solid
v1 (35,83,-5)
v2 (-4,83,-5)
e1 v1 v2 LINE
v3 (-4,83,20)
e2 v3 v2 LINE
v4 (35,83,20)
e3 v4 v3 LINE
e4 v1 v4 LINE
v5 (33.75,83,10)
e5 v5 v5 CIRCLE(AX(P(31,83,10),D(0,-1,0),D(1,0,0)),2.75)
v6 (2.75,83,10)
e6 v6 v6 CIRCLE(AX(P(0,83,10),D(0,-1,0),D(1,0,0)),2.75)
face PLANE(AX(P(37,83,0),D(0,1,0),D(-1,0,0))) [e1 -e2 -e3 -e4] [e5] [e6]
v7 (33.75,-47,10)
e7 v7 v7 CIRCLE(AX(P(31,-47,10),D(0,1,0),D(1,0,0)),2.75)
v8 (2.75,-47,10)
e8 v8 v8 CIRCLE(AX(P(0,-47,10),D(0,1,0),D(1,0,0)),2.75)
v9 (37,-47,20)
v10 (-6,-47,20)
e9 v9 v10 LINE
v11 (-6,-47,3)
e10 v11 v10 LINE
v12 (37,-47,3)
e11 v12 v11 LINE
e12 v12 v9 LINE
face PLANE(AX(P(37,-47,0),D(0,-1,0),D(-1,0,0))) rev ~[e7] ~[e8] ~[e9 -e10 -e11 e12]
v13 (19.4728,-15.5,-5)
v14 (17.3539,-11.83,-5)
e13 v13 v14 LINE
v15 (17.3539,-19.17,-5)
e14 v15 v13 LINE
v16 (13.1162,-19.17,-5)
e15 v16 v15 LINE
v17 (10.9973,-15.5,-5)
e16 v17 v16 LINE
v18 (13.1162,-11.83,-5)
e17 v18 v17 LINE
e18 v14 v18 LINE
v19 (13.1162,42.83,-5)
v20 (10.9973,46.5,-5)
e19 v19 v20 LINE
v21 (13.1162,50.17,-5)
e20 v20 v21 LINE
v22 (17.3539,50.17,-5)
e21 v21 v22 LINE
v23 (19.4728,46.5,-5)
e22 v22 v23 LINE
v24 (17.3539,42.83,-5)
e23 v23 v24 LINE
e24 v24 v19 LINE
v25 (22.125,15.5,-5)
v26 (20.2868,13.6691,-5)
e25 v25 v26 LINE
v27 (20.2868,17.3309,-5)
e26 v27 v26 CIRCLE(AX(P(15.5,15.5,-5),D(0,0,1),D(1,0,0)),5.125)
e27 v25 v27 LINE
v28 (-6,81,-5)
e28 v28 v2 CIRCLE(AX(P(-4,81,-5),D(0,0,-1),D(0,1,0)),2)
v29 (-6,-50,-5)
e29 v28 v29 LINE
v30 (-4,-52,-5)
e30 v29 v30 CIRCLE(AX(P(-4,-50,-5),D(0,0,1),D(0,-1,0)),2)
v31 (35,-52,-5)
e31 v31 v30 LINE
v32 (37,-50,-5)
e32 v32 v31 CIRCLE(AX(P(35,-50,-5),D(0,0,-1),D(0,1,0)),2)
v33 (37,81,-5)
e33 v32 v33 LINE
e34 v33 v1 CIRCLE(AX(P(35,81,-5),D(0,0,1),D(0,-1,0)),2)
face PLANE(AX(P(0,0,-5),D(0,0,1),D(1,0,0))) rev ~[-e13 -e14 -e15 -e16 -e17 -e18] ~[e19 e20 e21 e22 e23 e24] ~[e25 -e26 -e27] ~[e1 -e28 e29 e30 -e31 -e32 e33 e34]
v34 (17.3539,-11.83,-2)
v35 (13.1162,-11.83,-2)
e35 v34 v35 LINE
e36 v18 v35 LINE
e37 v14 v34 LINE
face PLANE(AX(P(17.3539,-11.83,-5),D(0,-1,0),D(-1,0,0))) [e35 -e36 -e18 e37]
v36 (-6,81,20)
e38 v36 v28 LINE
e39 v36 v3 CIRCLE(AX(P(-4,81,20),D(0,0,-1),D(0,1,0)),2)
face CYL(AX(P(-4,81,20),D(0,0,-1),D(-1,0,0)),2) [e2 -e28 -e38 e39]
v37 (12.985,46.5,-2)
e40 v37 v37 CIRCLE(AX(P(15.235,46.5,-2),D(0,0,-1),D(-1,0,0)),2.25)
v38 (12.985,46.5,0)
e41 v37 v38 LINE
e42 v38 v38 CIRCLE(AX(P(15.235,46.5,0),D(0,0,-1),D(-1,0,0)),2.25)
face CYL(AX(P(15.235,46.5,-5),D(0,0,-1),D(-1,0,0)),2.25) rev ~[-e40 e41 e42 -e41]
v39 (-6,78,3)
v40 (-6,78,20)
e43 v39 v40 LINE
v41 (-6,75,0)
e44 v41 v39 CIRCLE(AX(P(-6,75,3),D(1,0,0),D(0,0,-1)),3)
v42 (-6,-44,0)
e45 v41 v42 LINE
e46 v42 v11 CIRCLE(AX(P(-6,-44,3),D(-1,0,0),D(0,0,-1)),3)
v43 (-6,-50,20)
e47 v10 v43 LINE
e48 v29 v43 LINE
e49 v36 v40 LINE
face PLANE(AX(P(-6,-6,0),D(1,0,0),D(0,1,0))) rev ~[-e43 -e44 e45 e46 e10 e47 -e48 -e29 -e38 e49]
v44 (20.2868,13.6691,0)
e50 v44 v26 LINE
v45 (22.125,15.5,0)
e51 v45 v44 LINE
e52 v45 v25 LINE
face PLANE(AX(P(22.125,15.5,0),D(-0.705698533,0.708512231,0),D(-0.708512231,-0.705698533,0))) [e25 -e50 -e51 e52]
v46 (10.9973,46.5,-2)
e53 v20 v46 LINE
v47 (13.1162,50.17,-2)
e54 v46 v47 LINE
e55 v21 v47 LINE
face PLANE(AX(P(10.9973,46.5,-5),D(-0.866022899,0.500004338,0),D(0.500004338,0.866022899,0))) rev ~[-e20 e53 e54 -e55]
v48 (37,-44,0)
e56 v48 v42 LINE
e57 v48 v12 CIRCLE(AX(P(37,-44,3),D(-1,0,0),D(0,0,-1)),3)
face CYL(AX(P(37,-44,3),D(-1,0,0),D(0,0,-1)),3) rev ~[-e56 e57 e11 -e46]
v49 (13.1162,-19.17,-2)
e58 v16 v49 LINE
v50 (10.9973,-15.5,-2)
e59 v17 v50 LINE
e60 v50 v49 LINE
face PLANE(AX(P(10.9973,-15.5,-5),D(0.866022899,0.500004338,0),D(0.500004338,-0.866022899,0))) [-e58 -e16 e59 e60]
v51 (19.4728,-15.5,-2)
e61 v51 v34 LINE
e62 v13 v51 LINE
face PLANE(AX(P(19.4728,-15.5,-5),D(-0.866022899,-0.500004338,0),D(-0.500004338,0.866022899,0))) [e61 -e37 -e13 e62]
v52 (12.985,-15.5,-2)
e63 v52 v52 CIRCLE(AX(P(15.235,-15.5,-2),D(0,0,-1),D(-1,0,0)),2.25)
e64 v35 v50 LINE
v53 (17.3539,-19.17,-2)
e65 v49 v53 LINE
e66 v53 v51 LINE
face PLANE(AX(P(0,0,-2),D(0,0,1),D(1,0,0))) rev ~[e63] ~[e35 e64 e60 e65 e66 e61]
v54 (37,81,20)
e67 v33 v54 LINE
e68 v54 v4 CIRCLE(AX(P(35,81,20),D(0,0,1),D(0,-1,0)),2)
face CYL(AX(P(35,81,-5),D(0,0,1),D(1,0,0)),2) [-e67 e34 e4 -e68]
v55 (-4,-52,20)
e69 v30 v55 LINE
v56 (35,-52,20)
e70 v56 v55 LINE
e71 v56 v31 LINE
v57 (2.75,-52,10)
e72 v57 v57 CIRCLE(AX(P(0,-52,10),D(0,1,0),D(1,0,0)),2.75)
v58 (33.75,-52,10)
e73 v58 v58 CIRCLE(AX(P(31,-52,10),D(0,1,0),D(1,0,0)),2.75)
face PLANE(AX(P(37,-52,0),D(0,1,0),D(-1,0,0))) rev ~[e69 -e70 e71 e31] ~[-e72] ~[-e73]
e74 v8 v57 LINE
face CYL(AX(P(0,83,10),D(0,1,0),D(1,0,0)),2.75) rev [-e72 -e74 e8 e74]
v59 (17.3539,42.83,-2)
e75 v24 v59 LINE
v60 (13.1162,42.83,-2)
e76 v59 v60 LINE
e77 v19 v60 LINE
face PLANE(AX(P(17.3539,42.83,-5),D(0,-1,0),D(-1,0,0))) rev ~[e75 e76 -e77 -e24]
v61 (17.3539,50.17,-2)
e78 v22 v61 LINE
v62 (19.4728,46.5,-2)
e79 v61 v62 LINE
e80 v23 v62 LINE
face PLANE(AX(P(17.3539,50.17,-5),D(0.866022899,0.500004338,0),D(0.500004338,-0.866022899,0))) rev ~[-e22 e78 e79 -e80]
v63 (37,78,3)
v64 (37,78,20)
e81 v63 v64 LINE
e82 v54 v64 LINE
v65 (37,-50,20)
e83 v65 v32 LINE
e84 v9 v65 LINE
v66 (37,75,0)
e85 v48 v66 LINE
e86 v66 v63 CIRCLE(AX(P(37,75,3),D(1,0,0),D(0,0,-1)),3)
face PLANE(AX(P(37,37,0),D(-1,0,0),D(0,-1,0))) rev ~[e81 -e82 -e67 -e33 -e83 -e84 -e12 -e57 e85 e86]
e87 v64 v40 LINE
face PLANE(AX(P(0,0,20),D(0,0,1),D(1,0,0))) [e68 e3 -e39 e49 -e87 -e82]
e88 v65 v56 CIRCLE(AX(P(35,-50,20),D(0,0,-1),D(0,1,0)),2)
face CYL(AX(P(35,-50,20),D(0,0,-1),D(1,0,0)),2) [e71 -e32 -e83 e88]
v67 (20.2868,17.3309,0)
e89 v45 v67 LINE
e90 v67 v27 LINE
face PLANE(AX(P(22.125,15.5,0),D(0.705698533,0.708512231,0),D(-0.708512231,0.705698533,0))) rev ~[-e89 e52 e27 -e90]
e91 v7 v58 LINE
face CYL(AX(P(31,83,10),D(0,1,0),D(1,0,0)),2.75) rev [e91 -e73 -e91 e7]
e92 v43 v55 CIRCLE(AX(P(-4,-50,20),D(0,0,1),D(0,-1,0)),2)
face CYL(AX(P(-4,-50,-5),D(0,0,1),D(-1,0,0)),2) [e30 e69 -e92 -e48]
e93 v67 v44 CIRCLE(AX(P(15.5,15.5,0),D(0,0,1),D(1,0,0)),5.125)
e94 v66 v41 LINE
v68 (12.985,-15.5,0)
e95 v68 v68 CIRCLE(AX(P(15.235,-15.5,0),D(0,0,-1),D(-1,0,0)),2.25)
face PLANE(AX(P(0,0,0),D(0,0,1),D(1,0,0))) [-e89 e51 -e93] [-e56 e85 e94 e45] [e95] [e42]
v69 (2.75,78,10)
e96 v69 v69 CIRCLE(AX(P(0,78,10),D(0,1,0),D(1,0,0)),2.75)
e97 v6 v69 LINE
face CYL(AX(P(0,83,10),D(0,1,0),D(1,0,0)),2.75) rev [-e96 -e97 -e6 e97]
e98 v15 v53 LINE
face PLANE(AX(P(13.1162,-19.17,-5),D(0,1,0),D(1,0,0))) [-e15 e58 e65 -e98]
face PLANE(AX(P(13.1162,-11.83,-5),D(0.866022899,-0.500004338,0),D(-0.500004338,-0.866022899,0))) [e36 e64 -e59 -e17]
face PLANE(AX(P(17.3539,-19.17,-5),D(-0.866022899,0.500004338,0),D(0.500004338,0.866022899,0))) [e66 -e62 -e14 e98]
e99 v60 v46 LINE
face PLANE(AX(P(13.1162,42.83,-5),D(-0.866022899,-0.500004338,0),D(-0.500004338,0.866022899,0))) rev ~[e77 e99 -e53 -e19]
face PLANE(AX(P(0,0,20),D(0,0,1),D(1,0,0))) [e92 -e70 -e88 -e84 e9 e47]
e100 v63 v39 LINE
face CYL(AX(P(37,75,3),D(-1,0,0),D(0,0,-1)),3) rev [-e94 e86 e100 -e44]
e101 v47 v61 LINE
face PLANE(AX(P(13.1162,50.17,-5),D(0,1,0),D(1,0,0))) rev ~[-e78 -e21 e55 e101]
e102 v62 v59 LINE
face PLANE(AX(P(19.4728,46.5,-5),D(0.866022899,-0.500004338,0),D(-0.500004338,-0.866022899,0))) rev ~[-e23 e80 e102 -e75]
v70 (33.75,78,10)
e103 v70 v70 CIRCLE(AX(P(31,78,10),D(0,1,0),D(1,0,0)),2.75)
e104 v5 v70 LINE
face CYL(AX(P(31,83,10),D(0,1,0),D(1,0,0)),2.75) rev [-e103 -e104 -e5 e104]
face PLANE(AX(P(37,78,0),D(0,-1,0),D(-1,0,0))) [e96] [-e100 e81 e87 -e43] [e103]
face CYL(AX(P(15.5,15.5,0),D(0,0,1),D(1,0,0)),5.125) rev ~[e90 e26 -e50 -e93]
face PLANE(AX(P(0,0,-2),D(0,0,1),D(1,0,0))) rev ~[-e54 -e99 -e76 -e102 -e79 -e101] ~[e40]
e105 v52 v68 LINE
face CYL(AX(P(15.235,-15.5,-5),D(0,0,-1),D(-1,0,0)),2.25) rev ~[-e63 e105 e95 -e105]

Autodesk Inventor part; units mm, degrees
ref_plane "YZ Plane" through (0, 0, 0) normal (1, 0, 0) x (0, 1, 0)
ref_plane "XZ Plane" through (0, 0, 0) normal (0, 1, 0) x (-1, 0, 0)
ref_plane "XY Plane" through (0, 0, 0) normal (0, 0, 1) x (1, 0, 0)
sketch "Sketch1" plane through (0, 0, 0) normal (0, 0, 1) x (1, 0, 0)
  circle A0 centre (0, 0) radius 2.25
  circle A1 centre (31, 0) radius 2.25
  circle A2 centre (0, 31) radius 2.25
  circle A3 centre (31, 31) radius 2.25
  circle A4 centre (15.5, 15.5) radius 5.125
  line L0 (-6, 37) -> (37, 37)
  line L1 (37, 37) -> (37, -6)
  line L2 (37, -6) -> (-6, -6)
  line L3 (-6, -6) -> (-6, 37)
  line L4 (-6, 37) -> (37, -6) construction
  line L5 (37, 37) -> (-6, -6) construction
  line L6 (-6, -6) -> (37, -6)
  line L7 (37, -6) -> (37, -52)
  line L8 (37, -52) -> (-6, -52)
  line L9 (-6, -52) -> (-6, -6)
  line L10 (-6, 15.5) -> (0, 15.5)
  line L11 (37, 37) -> (37, 83)
  line L12 (37, 83) -> (-6, 83)
  line L13 (-6, 83) -> (-6, 37)
  line L14 (20.625, 15.5) -> (22.125, 15.5)
  line L15 (22.125, 15.5) -> (20.2868, 17.3309)
  line L16 (22.125, 15.5) -> (20.2868, 13.6691)
  point P0 (37, 37)
  dimension "d3" = 4.5
  dimension "d5" = 31
  dimension "d6" = 10.25
  dimension "d7" = 43
  dimension "d8" = 43
  dimension "d9" = 67.5
  dimension "d10" = 31
  dimension "d44" = 1.5
extrude "Extrusion1" add sketch "Sketch1" against normal blind 5 contours A0 | A1 | A2 | A3 | L13 L12 L11 L0 | L0 L1 L2 L3 | L7 L8 L9 L2
sketch "Sketch2" plane through (0, 0, 0) normal (0, 0, 1) x (1, 0, 0)
  line L0 (37, -52) -> (-6, -52) projected
  line L1 (37, 83) -> (37, -52) projected
  line L2 (-6, -52) -> (37, -52)
  line L3 (37, -52) -> (37, -47)
  line L4 (37, -47) -> (-6, -47)
  line L5 (-6, -47) -> (-6, -52)
  line L6 (-6, 15.5) -> (0, 15.5) projected
  line L7 (37, 78) -> (-6, 78)
  line L8 (-6, 78) -> (37, 78)
  line L9 (-6, 83) -> (-6, -52) projected
  line L10 (-6, -52) -> (37, -52) projected
  line L11 (37, -52) -> (37, 83) projected
  line L12 (37, 83) -> (-6, 83) projected
  arc A0 (20.2868, 17.3309) -> (20.2868, 13.6691) centre (15.5, 15.5) ccw projected
  line L13 (22.125, 15.5) -> (20.2868, 13.6691) projected
  line L14 (20.2868, 17.3309) -> (22.125, 15.5) projected
  point P0 (0, 0)
  point P1 (37, 37)
  point P2 (-6, 37)
  point P3 (-6, 78)
  point P4 (37, 78)
  dimension "d13" = 5
extrude "Extrusion2" add sketch "Sketch2" along normal blind 20 contours L0 L5 L4 L1 | L7 L9 L12 L1
sketch "Sketch3" plane through (-6, -47, 0) normal (0, 1, 0) x (1, 0, 0)
  circle A0 centre (6, -10) radius 2.75
  circle A1 centre (37, -10) radius 2.75
  line L0 (0, 5) -> (0, -20) projected
  line L1 (0, 0) -> (0, -20) projected
  line L2 (43, 0) -> (43, -20) projected
  line L3 (0, 5) -> (43, 5) projected
  line L4 (0, 0) -> (43, 0) projected
  line L5 (43, 5) -> (0, 5) projected
  line L6 (6, -10) -> (6, -15) construction
  arc A2 (8.75, -10) -> (3.25, -10) centre (6, -10) ccw
  line L7 (21.5, 0) -> (21.5, -10)
  arc A3 (39.75, -10) -> (34.25, -10) centre (37, -10) ccw
  line L8 (6, -10) -> (6, -5) construction
  line L9 (3.25, -10) -> (3.25, -5)
  line L10 (8.75, -5) -> (8.75, -10)
  arc A4 (3.25, -10) -> (8.75, -10) centre (6, -10) ccw
  arc A5 (8.75, -5) -> (3.25, -5) centre (6, -5) ccw
  line L11 (37, -10) -> (37, -5) construction
  line L12 (39.75, -10) -> (39.75, -5)
  line L13 (34.25, -5) -> (34.25, -10)
  arc A6 (39.75, -5) -> (34.25, -5) centre (37, -5) ccw
  point P0 (6, 0)
  point P1 (0, -10)
  point P2 (6, -12.5)
  point P3 (6, -7.5)
  point P4 (39.75, -10)
  point P5 (3.25, -10)
  dimension "d16" = 5.5
  dimension "d17" = 31
  dimension "d23" = 6
  dimension "d38" = 15
  dimension "d39" = 5
  dimension "d43" = 5
extrude "Extrusion3" [suppressed]
sketch "Sketch8" plane through (-6, 83, 0) normal (0, -1, 0) x (1, 0, 0)
  circle A0 centre (6, 10) radius 2.75 projected
  circle A1 centre (37, 10) radius 2.75 projected
  point P0 (6, 0)
extrude "Extrusion8" cut sketch "Sketch8" along normal blind 160.5
fillet "Fillet2" [suppressed]
sketch "Sketch9" plane through (0, 0, -5) normal (0, 0, -1) x (-1, 0, 0)
  circle A0 centre (-15.235, 46.5) radius 2.25
  circle A1 centre (-15.235, -15.5) radius 2.25
  line L0 (-37, 83) -> (-37, -52) projected
  line L1 (-37, -52) -> (6, -52) projected
  line L2 (6, -52) -> (6, 83) projected
  line L3 (6, 83) -> (-37, 83) projected
  arc A2 (-20.2868, 13.6691) -> (-20.2868, 17.3309) centre (-15.5, 15.5) ccw projected
  line L4 (-20.2868, 13.6691) -> (-22.125, 15.5) projected
  line L5 (-22.125, 15.5) -> (-20.2868, 17.3309) projected
  point P0 (0, 0)
  dimension "d45" = 62
  dimension "d46" = 31
  dimension "d49" = 4.5
extrude "Extrusion9" cut sketch "Sketch9" against normal blind 10 contours A0 | A1
sketch "Sketch10" plane through (0, 0, -5) normal (0, 0, 1) x (1, 0, 0)
  circle A0 centre (15.235, -15.5) radius 2.25 projected
  circle A1 centre (15.235, 46.5) radius 2.25 projected
  line L0 (-6, -47) -> (37, -47) projected
  line L1 (37, -47) -> (37, 78) projected
  line L2 (37, 78) -> (-6, 78) projected
  line L3 (-6, 78) -> (-6, -47) projected
  arc A2 (20.2868, 17.3309) -> (20.2868, 13.6691) centre (15.5, 15.5) ccw projected
  line L4 (11.286, 46.5) -> (13.2605, 49.92)
  line L5 (13.2605, 49.92) -> (17.2096, 49.92)
  line L6 (17.2096, 49.92) -> (19.1841, 46.5)
  line L7 (19.1841, 46.5) -> (17.2096, 43.08)
  line L8 (17.2096, 43.08) -> (13.2605, 43.08)
  line L9 (13.2605, 43.08) -> (11.286, 46.5)
  line L10 (10.9973, 46.5) -> (13.1162, 50.17)
  line L11 (13.1162, 50.17) -> (17.3539, 50.17)
  line L12 (17.3539, 50.17) -> (19.4728, 46.5)
  line L13 (19.4728, 46.5) -> (17.3539, 42.83)
  line L14 (17.3539, 42.83) -> (13.1162, 42.83)
  line L15 (13.1162, 42.83) -> (10.9973, 46.5)
  line L16 (15.5, 15.5) -> (12.1559, 15.5)
  circle A3 centre (15.235, -15.5) radius 2.25
  line L17 (11.286, -15.5) -> (13.2605, -18.92)
  line L18 (13.2605, -18.92) -> (17.2096, -18.92)
  line L19 (17.2096, -18.92) -> (19.1841, -15.5)
  line L20 (19.1841, -15.5) -> (17.2096, -12.08)
  line L21 (17.2096, -12.08) -> (13.2605, -12.08)
  line L22 (13.2605, -12.08) -> (11.286, -15.5)
  line L23 (10.9973, -15.5) -> (13.1162, -19.17)
  line L24 (13.1162, -19.17) -> (17.3539, -19.17)
  line L25 (17.3539, -19.17) -> (19.4728, -15.5)
  line L26 (19.4728, -15.5) -> (17.3539, -11.83)
  line L27 (17.3539, -11.83) -> (13.1162, -11.83)
  line L28 (13.1162, -11.83) -> (10.9973, -15.5)
  line L29 (22.125, 15.5) -> (20.2868, 13.6691) projected
  line L30 (20.2868, 17.3309) -> (22.125, 15.5) projected
  point P0 (0, 0)
  dimension "d50" = 6.84
  dimension "d51" = 0.25
extrude "M4_hex_neg" cut sketch "Sketch10" along normal blind 3 contours A0 | A1 | L4 L5 L6 L7 L8 L9 | L10 L11 L12 L13 L14 L15 | L22 L21 L20 L19 L18 L17 | L28 L27 L26 L25 L24 L23
fillet "Fillet3" radius 3 2 edges at (15.5, 78, 0) (15.5, -47, 0)
fillet "Fillet4" radius 2 4 edges at (37, -52, 7.5) (37, 83, 7.5) (-6, 83, 7.5) (-6, -52, 7.5)
properties part number "motor_holder"
